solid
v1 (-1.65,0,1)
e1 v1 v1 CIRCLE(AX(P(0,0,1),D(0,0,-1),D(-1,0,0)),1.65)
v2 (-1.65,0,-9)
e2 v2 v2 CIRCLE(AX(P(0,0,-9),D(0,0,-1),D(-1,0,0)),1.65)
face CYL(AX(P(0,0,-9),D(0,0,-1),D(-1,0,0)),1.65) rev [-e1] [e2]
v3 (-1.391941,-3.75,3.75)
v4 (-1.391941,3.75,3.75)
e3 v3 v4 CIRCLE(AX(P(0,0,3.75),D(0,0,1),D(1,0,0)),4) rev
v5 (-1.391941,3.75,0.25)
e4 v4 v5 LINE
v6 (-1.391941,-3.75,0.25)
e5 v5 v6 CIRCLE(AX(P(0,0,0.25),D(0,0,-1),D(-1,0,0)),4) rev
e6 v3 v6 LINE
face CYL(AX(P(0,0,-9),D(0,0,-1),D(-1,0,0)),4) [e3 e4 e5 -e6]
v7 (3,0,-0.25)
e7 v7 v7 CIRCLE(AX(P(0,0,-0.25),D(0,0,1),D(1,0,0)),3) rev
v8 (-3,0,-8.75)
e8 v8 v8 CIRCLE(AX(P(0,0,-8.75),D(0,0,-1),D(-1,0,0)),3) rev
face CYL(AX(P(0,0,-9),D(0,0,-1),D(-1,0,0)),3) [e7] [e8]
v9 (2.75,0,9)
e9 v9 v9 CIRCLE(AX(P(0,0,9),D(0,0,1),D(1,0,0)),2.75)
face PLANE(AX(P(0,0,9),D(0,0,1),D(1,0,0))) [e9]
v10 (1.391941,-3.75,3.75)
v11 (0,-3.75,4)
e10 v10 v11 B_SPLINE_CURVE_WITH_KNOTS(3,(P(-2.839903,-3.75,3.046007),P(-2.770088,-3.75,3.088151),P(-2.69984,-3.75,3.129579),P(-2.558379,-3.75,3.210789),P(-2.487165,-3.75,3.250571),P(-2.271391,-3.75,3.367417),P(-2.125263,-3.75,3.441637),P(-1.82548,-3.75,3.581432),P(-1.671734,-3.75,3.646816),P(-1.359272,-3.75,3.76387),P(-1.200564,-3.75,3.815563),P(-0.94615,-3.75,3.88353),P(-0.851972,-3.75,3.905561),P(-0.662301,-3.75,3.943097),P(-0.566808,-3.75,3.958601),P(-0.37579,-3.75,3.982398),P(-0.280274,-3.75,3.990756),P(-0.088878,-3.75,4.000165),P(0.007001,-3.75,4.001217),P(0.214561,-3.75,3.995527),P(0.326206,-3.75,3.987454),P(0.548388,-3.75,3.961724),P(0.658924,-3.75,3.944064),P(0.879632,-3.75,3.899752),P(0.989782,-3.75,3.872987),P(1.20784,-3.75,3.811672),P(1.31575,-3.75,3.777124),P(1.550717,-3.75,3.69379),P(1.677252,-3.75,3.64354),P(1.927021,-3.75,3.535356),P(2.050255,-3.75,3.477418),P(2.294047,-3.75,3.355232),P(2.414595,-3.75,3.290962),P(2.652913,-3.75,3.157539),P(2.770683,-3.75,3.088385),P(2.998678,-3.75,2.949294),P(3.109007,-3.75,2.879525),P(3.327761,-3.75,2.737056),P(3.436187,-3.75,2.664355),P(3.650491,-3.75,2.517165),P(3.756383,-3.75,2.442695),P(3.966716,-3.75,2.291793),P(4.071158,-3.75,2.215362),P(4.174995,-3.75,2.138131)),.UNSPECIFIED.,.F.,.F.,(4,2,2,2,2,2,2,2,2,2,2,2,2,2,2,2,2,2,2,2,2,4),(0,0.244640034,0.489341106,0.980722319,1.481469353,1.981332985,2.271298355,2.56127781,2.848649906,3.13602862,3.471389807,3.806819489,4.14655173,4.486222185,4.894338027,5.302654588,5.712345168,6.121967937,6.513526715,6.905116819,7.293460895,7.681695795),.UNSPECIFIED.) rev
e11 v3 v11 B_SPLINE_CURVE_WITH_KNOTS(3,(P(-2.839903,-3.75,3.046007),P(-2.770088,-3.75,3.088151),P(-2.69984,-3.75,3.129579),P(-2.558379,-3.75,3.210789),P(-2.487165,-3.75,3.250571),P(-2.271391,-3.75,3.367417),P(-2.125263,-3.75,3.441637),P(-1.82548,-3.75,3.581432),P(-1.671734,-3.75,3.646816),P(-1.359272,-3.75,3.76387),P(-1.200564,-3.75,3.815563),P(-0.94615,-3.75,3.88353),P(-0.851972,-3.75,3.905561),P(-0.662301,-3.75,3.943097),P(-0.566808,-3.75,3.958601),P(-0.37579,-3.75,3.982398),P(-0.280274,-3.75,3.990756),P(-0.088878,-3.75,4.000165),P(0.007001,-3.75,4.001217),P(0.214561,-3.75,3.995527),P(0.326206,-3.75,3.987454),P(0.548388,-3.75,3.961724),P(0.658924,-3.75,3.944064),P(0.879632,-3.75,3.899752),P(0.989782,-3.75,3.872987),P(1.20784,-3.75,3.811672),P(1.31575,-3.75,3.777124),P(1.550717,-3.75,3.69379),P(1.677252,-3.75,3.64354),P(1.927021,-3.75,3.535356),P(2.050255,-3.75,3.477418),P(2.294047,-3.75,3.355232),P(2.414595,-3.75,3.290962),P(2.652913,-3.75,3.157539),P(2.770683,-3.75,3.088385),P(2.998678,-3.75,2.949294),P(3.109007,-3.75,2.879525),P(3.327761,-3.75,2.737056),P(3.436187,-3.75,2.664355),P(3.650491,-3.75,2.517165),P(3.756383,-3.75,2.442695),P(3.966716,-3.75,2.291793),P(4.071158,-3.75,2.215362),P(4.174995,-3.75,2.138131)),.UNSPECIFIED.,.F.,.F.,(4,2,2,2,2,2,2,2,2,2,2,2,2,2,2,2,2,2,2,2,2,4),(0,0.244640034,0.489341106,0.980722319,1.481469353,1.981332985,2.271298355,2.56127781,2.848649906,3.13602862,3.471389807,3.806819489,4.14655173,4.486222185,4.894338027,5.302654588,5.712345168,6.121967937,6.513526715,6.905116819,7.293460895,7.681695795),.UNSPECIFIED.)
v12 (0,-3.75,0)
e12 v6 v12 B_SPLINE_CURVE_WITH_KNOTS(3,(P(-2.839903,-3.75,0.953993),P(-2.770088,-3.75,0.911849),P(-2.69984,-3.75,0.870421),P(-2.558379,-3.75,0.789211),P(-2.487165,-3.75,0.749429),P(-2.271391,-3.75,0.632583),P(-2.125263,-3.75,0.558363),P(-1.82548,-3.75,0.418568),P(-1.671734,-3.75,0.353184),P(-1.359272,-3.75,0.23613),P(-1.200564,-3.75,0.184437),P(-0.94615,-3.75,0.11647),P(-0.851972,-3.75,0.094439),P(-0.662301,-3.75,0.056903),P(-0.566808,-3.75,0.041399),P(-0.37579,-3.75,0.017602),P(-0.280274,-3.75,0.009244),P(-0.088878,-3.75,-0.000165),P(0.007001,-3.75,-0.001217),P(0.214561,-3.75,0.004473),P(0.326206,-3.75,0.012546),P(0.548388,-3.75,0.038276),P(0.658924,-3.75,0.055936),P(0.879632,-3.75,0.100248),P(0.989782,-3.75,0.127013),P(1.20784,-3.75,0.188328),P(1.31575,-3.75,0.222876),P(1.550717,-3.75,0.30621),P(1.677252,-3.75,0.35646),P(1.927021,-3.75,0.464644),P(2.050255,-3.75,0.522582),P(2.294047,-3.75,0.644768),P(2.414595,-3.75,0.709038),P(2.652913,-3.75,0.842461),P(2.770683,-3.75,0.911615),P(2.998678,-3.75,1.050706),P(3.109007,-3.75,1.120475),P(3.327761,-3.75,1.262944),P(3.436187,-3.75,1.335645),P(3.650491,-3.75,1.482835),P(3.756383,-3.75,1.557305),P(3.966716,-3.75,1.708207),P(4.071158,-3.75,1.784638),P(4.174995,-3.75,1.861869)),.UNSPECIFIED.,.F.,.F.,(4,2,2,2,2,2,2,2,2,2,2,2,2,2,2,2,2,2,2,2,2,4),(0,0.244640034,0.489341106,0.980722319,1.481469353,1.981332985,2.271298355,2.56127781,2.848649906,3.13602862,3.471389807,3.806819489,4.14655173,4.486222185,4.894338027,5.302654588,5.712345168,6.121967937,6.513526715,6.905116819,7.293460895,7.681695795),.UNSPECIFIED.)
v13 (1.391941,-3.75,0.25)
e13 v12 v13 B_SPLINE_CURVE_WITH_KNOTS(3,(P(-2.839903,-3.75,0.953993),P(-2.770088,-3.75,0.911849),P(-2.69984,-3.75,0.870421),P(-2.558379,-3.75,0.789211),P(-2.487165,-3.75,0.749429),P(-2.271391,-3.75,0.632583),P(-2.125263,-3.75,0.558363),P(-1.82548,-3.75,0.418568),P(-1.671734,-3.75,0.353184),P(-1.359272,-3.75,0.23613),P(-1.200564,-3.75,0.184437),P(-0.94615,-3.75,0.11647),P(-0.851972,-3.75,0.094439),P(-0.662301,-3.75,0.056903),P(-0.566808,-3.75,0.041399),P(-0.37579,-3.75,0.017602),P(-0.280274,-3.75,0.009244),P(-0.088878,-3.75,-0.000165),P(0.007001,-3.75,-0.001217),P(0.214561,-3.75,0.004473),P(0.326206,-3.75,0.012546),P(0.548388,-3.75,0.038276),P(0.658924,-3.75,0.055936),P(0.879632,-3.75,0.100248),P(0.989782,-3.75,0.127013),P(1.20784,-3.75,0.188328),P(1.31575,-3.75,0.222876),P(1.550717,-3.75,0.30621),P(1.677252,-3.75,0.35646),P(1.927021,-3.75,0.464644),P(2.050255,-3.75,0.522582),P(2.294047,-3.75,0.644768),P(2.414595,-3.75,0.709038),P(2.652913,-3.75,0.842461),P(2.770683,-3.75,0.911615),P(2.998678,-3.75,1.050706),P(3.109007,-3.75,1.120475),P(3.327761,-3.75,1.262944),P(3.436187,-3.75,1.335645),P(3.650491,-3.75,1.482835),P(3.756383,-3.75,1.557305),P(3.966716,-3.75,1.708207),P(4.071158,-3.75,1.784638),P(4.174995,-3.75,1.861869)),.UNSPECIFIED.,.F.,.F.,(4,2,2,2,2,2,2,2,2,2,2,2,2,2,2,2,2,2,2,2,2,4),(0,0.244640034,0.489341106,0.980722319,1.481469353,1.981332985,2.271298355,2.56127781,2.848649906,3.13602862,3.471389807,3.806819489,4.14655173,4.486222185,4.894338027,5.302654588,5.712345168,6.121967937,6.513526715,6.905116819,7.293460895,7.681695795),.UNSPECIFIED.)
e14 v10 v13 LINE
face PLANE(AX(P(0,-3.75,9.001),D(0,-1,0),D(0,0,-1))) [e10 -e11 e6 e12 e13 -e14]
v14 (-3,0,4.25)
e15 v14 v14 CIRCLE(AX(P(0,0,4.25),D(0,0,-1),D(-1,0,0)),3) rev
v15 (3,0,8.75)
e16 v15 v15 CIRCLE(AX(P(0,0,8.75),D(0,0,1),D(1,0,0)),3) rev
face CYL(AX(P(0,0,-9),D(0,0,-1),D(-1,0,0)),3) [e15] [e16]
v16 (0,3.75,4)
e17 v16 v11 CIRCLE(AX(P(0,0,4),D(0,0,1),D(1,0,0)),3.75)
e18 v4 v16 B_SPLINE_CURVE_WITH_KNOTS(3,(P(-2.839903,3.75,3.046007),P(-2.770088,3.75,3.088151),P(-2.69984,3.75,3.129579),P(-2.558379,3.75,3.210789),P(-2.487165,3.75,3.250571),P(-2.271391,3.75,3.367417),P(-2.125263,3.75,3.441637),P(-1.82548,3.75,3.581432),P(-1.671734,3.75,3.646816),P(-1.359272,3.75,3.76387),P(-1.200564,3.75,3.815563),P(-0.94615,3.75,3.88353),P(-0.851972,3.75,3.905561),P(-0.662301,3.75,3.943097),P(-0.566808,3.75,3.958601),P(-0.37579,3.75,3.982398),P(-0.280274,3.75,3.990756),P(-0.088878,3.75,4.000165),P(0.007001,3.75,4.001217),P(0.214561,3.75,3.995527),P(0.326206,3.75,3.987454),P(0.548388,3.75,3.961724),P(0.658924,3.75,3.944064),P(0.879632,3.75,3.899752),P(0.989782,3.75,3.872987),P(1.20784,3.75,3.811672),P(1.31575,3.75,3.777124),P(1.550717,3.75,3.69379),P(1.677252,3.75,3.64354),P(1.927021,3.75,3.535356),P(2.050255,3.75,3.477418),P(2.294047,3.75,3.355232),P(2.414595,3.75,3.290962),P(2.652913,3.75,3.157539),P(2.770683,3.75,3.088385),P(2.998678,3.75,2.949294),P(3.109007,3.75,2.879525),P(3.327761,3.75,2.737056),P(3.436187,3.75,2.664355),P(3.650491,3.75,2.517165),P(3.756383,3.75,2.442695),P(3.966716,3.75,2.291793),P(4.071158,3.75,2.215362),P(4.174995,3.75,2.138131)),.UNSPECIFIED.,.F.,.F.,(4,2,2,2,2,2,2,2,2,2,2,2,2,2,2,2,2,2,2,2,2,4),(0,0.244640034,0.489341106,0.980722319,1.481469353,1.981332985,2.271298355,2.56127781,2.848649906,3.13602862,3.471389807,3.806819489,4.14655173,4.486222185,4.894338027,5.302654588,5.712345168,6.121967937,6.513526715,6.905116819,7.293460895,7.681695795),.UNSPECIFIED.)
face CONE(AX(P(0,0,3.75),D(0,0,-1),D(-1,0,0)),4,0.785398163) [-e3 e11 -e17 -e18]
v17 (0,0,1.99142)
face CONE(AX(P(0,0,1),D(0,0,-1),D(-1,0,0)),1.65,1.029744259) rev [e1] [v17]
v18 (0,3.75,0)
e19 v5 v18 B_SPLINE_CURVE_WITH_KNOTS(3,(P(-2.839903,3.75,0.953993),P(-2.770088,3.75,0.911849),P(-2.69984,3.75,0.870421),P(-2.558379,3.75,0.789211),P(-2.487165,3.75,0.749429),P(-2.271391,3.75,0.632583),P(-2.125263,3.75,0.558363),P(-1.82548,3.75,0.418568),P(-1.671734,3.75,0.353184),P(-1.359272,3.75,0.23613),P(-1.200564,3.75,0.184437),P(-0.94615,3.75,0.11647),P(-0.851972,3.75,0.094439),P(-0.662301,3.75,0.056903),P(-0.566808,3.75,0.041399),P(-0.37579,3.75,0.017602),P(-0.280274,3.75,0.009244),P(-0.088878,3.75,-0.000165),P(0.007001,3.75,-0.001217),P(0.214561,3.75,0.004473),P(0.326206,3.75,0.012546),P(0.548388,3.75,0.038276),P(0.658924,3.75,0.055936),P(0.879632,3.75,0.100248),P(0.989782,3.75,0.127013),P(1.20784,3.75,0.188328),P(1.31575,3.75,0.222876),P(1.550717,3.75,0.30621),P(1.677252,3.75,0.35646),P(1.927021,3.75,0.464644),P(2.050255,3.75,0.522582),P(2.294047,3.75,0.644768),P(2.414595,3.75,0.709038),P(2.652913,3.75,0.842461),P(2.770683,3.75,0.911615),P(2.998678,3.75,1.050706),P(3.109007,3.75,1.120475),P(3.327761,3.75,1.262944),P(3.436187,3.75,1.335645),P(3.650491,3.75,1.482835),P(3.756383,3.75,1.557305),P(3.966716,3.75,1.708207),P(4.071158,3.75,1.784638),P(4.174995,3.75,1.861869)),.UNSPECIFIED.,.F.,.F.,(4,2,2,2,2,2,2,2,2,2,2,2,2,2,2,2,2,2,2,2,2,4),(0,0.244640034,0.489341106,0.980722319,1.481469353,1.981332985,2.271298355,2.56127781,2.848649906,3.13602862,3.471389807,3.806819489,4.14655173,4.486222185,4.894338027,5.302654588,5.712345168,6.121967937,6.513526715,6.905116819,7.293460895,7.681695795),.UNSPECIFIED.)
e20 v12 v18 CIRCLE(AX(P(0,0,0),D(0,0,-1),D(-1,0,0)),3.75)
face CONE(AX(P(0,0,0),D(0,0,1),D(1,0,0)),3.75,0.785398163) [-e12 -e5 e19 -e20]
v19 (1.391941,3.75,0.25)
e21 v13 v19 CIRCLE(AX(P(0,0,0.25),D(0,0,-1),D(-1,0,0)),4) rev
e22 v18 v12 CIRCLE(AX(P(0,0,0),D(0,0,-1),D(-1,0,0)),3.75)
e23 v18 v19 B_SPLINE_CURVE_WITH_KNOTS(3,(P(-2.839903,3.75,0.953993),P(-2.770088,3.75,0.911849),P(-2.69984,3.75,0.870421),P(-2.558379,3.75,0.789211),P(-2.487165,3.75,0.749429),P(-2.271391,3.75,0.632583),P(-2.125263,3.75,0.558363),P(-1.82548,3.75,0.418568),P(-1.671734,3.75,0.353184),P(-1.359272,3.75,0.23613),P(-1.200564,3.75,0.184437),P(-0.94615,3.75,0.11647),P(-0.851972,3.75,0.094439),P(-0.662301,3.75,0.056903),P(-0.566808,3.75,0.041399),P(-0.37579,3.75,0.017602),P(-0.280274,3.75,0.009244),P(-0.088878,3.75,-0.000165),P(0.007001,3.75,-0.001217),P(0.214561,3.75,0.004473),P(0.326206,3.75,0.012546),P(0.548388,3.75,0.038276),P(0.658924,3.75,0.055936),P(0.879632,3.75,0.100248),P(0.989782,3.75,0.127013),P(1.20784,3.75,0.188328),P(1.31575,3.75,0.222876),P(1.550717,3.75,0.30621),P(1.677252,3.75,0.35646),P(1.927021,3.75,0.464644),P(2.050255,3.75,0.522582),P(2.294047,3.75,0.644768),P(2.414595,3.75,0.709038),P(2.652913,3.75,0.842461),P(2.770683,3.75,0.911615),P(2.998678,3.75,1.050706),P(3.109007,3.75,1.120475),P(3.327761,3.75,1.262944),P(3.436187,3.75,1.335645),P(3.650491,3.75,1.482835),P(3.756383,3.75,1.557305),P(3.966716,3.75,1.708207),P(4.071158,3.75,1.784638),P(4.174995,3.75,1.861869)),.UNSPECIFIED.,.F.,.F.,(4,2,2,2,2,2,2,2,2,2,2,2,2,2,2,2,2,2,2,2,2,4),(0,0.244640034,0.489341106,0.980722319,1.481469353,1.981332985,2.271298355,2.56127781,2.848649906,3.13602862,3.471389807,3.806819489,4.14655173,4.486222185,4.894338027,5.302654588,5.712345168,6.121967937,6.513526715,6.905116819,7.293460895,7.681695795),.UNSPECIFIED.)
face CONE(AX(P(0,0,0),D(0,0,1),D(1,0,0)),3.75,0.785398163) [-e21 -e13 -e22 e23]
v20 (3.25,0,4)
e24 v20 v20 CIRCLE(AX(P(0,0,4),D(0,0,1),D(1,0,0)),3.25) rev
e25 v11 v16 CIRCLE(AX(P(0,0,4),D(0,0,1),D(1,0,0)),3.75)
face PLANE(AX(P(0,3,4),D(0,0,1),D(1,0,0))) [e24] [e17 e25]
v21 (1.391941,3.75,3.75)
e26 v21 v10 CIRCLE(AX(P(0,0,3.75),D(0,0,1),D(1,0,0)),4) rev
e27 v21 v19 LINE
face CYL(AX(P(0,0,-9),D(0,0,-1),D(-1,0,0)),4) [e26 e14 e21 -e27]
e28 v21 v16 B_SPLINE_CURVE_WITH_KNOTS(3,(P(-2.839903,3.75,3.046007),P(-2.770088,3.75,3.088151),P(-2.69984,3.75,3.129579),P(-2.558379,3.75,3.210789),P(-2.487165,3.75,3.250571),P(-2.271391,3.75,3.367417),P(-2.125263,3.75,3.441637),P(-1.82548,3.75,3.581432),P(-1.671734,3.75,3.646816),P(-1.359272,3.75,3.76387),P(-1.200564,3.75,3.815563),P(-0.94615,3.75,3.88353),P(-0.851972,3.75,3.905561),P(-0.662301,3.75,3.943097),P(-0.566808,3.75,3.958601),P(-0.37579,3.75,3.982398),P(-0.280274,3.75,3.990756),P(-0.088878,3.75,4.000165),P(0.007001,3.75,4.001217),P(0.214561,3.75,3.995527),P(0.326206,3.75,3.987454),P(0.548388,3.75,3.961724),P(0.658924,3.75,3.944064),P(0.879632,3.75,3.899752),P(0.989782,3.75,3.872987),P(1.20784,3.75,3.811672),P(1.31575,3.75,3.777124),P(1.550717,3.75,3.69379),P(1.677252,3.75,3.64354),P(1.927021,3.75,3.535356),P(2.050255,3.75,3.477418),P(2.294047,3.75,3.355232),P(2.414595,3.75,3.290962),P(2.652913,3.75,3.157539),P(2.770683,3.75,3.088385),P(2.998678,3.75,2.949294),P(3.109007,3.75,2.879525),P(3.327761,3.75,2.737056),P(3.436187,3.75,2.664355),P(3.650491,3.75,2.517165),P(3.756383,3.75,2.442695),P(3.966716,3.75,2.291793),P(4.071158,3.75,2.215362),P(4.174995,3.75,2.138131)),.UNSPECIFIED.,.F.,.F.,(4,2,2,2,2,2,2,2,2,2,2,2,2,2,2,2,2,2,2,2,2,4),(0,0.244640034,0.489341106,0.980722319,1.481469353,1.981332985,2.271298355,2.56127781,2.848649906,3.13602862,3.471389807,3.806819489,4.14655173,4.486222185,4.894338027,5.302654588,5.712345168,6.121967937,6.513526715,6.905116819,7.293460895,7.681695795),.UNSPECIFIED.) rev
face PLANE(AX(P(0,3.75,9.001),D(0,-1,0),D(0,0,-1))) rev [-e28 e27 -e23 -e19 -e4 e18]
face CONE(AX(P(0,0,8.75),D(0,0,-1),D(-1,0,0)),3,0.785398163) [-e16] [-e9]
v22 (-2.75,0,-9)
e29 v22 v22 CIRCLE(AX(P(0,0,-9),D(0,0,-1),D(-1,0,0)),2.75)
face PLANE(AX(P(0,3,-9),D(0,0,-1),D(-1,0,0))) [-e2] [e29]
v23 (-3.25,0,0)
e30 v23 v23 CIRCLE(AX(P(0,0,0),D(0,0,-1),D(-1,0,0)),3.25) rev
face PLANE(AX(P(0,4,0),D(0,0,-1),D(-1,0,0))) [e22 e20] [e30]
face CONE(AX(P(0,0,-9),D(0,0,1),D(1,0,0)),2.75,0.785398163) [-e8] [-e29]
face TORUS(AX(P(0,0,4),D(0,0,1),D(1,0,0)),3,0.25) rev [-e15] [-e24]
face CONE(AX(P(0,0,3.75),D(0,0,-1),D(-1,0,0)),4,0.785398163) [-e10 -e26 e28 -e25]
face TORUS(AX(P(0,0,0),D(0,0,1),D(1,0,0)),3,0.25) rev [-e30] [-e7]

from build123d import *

# Parameters (mm, degrees)
M4X0_7_TAPPED_HOLE1_D     = 3.3
M4X0_7_TAPPED_HOLE1_DEPTH = 10
M4X0_7_TAPPED_HOLE1_TIP   = 0.991420021
SKETCH5_R                 = 0.25
CHAMFER1_SIZE             = 0.25
CUT_EXTRUDE1_REACH        = 12.63


with BuildPart() as part:
    # Sketch1 → Revolve1 (revolve)
    with BuildSketch(Plane(origin=(0, 0, 0), x_dir=(0, 0, -1), z_dir=(1, 0, 0)), mode=Mode.PRIVATE) as revolve1_sk:
        Polygon((-4, 4), (0, 4), (0, 3), (9, 3), (9, 0), (-9, 0), (-9, 3), (-4, 3), align=None)
    revolve(revolve1_sk.sketch.rotate(Axis((0, 0, -9), (0, 0, 1)), 90), axis=Axis((0, 0, -9), (0, 0, 1)))

    # M4x0.7 Tapped Hole1
    with Locations(Plane(origin=(0, 0, -9), x_dir=(-1, 0, 0), z_dir=(0, 0, -1))):
        with Locations((0, 0)):
            Hole(M4X0_7_TAPPED_HOLE1_D / 2, depth=M4X0_7_TAPPED_HOLE1_DEPTH)
            with Locations((0, 0, -(M4X0_7_TAPPED_HOLE1_DEPTH + M4X0_7_TAPPED_HOLE1_TIP / 2))):  # 118° drill point
                Cone(0, M4X0_7_TAPPED_HOLE1_D / 2, M4X0_7_TAPPED_HOLE1_TIP, mode=Mode.SUBTRACT)

    # Sketch5 → Cut-Revolve1 (revolve, cut)
    with BuildSketch(Plane(origin=(0, 0, 0), x_dir=(0, 0, -1), z_dir=(1, 0, 0)), mode=Mode.PRIVATE) as cut_revolve1_sk:
        with Locations((-4, 3)):
            Circle(SKETCH5_R)
        with Locations((0, 3)):
            Circle(SKETCH5_R)
    revolve(cut_revolve1_sk.sketch.rotate(Axis((0, 0, 9), (0, 0, -1)), 270), axis=Axis((0, 0, 9), (0, 0, -1)), mode=Mode.SUBTRACT)

    # Chamfer1
    chamfer1_edges = [part.edges().sort_by_distance(p)[0] for p in [
        (3, 0, 9),
        (3, 0, -9),
        (4, 0, 0),
        (4, 0, 4),
    ]]
    chamfer(chamfer1_edges, length=CHAMFER1_SIZE)

    # Sketch6 → Cut-Extrude1 (cut, up to next)
    with BuildSketch(Plane(origin=(0, 0, 0), x_dir=(-1, 0, 0), z_dir=(0, 0, -1)), mode=Mode.PRIVATE) as cut_extrude1_sk1:
        with BuildLine():
            ThreePointArc((1.391941091, 3.75), (0, 4), (-1.391941091, 3.75))
            Line((-1.391941091, 3.75), (1.391941091, 3.75))
        make_face()
    cut_extrude1_tool1 = extrude(cut_extrude1_sk1.sketch, amount=-CUT_EXTRUDE1_REACH, mode=Mode.PRIVATE) & part.part
    # Sketch6 → Cut-Extrude1 (cut, up to next)
    with BuildSketch(Plane(origin=(0, 0, 0), x_dir=(-1, 0, 0), z_dir=(0, 0, -1)), mode=Mode.PRIVATE) as cut_extrude1_sk2:
        with BuildLine():
            Line((1.391941091, -3.75), (-1.391941091, -3.75))
            ThreePointArc((-1.391941091, -3.75), (0, -4), (1.391941091, -3.75))
        make_face()
    cut_extrude1_tool2 = extrude(cut_extrude1_sk2.sketch, amount=-CUT_EXTRUDE1_REACH, mode=Mode.PRIVATE) & part.part
    add(cut_extrude1_tool1.solids().sort_by_distance((0, 3.850273, 0))[0], mode=Mode.SUBTRACT)
    add(cut_extrude1_tool2.solids().sort_by_distance((0, -3.850273, 0))[0], mode=Mode.SUBTRACT)


solid = part.part
